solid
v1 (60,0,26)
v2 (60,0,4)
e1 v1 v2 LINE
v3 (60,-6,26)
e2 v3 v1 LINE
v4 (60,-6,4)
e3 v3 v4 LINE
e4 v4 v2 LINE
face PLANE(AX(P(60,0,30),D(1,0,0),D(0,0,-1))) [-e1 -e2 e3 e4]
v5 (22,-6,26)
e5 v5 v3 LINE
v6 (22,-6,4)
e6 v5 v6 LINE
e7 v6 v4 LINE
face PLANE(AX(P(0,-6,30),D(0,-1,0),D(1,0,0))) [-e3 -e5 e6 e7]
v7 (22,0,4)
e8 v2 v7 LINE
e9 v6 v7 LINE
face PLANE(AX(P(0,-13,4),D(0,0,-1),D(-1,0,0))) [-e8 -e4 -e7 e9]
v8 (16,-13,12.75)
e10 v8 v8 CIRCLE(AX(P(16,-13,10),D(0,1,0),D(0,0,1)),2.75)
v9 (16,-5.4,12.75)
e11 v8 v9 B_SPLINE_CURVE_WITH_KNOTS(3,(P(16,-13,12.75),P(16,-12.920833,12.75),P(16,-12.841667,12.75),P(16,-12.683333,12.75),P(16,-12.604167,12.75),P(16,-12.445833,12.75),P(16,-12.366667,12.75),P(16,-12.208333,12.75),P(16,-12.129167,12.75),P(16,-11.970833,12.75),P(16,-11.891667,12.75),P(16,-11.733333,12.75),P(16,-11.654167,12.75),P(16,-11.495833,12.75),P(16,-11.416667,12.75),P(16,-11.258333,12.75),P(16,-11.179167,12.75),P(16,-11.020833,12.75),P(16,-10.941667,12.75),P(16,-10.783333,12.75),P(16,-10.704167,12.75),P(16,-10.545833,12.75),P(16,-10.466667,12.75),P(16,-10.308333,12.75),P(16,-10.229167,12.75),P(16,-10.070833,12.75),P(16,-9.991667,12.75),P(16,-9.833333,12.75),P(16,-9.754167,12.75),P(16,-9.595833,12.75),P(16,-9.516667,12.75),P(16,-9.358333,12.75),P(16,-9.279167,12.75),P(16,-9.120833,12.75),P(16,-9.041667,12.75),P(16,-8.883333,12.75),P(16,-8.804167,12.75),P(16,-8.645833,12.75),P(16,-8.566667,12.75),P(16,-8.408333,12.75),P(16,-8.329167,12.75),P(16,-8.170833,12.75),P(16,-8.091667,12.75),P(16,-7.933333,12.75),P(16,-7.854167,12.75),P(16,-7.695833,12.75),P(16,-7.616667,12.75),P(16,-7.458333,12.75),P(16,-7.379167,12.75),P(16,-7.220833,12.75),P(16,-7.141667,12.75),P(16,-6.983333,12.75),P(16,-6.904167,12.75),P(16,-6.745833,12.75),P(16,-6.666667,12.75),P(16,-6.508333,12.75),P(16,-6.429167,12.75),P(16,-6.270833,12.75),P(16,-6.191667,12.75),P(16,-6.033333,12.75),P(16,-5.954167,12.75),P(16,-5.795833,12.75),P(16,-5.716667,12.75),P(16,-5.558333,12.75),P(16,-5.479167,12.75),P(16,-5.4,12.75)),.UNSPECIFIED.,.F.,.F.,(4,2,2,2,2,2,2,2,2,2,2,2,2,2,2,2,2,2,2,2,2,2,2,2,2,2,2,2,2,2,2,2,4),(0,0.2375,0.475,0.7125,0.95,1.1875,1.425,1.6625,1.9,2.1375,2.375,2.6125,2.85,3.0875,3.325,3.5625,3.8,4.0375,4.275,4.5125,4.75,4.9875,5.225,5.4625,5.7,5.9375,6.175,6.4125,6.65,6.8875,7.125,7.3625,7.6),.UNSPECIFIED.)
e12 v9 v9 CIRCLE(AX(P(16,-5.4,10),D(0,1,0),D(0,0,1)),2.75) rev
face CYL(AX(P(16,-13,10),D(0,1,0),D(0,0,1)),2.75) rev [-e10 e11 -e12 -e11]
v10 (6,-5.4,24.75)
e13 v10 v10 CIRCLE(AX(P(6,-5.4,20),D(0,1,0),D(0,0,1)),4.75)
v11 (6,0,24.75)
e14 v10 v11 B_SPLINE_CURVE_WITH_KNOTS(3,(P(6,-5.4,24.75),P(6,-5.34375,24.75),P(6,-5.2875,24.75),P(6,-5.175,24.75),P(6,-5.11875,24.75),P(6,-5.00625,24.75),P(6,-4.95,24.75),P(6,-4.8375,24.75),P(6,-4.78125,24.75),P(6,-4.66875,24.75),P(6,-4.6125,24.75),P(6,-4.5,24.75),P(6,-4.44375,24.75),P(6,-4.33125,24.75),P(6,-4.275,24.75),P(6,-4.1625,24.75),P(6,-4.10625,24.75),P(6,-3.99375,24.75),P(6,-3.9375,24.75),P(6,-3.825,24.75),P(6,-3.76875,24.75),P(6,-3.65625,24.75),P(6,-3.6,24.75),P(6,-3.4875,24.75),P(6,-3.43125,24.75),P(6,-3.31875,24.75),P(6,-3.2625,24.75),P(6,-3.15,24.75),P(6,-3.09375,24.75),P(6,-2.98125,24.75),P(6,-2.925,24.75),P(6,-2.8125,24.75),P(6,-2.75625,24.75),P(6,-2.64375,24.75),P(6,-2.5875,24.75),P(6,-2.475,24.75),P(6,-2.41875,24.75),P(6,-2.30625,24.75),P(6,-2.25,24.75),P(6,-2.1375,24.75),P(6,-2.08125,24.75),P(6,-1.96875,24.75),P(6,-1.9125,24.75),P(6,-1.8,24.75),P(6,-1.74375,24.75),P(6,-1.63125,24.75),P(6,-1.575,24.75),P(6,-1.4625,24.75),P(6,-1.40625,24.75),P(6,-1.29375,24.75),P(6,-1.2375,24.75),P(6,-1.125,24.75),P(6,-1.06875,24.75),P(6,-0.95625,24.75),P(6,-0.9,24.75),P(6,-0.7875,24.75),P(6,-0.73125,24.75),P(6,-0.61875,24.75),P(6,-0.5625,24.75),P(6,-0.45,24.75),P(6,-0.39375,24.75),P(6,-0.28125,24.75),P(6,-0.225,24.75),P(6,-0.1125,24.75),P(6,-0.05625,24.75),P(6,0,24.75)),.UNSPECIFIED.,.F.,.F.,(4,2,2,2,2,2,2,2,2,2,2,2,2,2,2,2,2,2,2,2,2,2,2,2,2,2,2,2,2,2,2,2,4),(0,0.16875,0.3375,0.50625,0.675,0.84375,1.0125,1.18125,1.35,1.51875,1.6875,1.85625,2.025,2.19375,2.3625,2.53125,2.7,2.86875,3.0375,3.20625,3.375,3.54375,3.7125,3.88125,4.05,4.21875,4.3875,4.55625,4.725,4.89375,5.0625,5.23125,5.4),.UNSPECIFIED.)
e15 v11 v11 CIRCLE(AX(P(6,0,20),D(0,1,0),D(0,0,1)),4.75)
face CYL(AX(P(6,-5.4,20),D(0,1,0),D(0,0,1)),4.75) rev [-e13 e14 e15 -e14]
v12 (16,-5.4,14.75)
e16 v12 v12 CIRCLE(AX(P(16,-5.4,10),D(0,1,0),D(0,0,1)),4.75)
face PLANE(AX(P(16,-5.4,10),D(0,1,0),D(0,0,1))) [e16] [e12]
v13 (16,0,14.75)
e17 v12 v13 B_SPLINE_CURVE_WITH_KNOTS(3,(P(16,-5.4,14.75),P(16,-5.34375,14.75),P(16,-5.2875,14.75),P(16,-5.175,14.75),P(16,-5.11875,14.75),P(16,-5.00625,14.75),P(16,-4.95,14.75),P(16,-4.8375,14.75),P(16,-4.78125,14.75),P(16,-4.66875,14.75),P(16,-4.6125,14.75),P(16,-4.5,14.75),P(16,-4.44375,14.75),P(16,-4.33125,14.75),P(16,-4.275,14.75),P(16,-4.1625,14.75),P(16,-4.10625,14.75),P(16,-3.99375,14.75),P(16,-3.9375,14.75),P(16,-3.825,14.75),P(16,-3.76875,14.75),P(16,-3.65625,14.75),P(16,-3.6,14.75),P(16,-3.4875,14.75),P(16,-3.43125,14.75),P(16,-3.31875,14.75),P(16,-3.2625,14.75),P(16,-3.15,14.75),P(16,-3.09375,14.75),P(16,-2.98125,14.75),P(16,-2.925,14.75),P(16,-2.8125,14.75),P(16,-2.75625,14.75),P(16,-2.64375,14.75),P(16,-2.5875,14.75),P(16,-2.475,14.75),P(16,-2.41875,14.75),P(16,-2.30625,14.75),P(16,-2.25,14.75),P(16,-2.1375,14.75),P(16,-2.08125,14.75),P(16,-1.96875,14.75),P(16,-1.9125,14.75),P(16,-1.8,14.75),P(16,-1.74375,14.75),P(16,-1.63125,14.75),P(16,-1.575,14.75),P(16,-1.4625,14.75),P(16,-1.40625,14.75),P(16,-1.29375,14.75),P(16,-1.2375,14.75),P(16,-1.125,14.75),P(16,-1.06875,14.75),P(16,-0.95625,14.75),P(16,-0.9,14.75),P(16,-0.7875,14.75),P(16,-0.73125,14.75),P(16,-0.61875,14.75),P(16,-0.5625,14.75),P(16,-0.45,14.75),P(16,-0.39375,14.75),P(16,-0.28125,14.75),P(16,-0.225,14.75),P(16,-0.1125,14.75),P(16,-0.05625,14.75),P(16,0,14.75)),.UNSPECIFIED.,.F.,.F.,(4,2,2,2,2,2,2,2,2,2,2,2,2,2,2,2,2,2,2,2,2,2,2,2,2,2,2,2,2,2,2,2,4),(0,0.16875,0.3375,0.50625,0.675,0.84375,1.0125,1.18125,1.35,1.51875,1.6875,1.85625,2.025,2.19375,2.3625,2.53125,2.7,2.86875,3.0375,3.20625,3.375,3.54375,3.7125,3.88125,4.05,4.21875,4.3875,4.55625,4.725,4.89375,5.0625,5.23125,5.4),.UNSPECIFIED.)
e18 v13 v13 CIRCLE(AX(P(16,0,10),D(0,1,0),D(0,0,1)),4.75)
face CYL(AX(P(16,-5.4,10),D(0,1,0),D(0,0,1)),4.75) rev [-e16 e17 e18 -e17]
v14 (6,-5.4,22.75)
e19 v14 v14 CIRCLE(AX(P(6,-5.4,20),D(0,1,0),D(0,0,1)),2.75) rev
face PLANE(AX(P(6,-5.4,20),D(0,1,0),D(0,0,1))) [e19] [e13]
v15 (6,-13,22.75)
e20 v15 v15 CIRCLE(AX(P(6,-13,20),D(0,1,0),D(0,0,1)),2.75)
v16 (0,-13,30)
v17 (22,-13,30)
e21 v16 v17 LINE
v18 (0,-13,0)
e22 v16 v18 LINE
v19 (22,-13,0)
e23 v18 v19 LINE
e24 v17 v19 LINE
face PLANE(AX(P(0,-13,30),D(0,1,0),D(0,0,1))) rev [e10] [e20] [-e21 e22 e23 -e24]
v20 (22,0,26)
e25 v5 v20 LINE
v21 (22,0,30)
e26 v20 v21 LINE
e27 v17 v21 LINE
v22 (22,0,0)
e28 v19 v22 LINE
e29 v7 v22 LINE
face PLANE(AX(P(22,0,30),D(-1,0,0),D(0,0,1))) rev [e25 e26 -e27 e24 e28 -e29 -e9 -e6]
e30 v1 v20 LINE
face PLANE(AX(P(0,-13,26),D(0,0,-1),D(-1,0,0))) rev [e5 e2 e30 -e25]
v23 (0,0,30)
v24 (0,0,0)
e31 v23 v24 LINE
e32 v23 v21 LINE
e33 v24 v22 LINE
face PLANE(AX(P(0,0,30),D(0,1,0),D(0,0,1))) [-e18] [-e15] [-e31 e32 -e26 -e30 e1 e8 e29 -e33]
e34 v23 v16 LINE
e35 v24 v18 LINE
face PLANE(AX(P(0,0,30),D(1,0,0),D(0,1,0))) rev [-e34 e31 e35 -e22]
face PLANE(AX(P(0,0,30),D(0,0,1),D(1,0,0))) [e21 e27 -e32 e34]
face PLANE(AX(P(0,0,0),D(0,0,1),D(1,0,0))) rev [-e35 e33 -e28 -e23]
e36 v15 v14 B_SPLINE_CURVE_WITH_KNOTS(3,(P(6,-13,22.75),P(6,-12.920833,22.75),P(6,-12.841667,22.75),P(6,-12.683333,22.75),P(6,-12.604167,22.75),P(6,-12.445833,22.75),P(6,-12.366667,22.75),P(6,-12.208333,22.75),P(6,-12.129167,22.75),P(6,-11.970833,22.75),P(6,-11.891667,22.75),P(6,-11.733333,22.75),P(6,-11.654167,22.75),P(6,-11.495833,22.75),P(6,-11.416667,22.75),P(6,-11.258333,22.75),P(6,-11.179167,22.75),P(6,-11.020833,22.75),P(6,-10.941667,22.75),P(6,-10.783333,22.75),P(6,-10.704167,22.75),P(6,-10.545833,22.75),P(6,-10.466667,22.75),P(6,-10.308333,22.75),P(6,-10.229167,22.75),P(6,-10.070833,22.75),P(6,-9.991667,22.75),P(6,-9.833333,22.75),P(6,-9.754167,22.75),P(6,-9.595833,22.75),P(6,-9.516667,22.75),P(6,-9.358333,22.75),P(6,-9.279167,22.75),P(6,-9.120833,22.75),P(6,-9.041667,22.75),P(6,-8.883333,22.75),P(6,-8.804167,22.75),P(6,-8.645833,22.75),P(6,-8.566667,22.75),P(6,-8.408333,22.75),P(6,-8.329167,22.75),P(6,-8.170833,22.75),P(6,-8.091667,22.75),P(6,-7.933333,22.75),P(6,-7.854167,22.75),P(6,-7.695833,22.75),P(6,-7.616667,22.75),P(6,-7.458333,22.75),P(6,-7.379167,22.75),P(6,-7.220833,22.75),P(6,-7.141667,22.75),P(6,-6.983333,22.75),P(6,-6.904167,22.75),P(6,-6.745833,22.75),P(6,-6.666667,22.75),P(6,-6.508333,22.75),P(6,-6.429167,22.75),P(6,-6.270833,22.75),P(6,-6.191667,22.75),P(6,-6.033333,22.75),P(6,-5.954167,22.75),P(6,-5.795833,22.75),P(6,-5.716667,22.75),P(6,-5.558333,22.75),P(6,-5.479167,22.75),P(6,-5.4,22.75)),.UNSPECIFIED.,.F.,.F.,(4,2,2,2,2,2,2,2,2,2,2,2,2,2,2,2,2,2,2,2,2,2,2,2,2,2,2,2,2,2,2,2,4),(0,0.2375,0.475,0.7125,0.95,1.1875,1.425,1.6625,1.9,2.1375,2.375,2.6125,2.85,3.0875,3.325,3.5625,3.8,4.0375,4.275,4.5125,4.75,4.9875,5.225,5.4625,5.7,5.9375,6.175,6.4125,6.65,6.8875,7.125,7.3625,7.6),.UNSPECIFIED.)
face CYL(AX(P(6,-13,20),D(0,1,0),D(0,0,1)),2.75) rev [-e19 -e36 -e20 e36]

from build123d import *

# Parameters (mm, degrees)
ESBO_O1_W                  = 38
ESBO_O1_H                  = 6
RESSALTO_EXTRUS_O1_DEPTH   = 30
CORTE_EXTRUS_O1_DEPTH      = 69.330081223
CORTE_EXTRUS_O1_DEPTH_BACK = 69.330081223
ESBO_O2_W                  = 38
ESBO_O2_H                  = 4
CORTE_EXTRUS_O2_DEPTH      = 69.330081223
CORTE_EXTRUS_O2_DEPTH_BACK = 69.330081223
ESBO_O4_R                  = 2.75
ESBO_O5_R                  = 4.75
CORTE_EXTRUS_O3_DEPTH      = 5.4


with BuildPart() as part:
    # Esboço1 → Ressalto-extrusão1 (new body)
    with BuildSketch(Plane.XY):
        Polygon((22, 0), (0, 0), (0, -13), (22, -13), (22, -6), align=None)
        with Locations((41, -3)):
            Rectangle(ESBO_O1_W, ESBO_O1_H)
    extrude(amount=RESSALTO_EXTRUS_O1_DEPTH)

    # Esboço2 → Corte-extrusão1 (cut, two sides: drawn at the far end of the back side and taken through both)
    with BuildSketch(Plane(origin=(0, 0, 0), x_dir=(1, 0, 0), z_dir=(0, 1, 0)).offset(-CORTE_EXTRUS_O1_DEPTH_BACK)):
        with Locations((41, -2)):
            Rectangle(ESBO_O2_W, ESBO_O2_H)
        with Locations((41, -28)):
            Rectangle(ESBO_O2_W, ESBO_O2_H)
    extrude(amount=CORTE_EXTRUS_O1_DEPTH + CORTE_EXTRUS_O1_DEPTH_BACK, mode=Mode.SUBTRACT)

    # Esboço4 → Corte-extrusão2 (cut, two sides: drawn at the far end of the back side and taken through both)
    with BuildSketch(Plane(origin=(0, 0, 0), x_dir=(1, 0, 0), z_dir=(0, 1, 0)).offset(-CORTE_EXTRUS_O2_DEPTH_BACK)):
        with Locations(Location((6, -20, 0), (0, 0, 270))):
            Circle(ESBO_O4_R)
        with Locations(Location((16, -10, 0), (0, 0, 270))):
            Circle(ESBO_O4_R)
    extrude(amount=CORTE_EXTRUS_O2_DEPTH + CORTE_EXTRUS_O2_DEPTH_BACK, mode=Mode.SUBTRACT)

    # Esboço5 → Corte-extrusão3 (cut)
    with BuildSketch(Plane(origin=(0, 0, 0), x_dir=(1, 0, 0), z_dir=(0, 1, 0))):
        with Locations(Location((6, -20, 0), (0, 0, 270))):
            Circle(ESBO_O5_R)
        with Locations(Location((16, -10, 0), (0, 0, 270))):
            Circle(ESBO_O5_R)
    extrude(amount=-CORTE_EXTRUS_O3_DEPTH, mode=Mode.SUBTRACT)


solid = part.part
